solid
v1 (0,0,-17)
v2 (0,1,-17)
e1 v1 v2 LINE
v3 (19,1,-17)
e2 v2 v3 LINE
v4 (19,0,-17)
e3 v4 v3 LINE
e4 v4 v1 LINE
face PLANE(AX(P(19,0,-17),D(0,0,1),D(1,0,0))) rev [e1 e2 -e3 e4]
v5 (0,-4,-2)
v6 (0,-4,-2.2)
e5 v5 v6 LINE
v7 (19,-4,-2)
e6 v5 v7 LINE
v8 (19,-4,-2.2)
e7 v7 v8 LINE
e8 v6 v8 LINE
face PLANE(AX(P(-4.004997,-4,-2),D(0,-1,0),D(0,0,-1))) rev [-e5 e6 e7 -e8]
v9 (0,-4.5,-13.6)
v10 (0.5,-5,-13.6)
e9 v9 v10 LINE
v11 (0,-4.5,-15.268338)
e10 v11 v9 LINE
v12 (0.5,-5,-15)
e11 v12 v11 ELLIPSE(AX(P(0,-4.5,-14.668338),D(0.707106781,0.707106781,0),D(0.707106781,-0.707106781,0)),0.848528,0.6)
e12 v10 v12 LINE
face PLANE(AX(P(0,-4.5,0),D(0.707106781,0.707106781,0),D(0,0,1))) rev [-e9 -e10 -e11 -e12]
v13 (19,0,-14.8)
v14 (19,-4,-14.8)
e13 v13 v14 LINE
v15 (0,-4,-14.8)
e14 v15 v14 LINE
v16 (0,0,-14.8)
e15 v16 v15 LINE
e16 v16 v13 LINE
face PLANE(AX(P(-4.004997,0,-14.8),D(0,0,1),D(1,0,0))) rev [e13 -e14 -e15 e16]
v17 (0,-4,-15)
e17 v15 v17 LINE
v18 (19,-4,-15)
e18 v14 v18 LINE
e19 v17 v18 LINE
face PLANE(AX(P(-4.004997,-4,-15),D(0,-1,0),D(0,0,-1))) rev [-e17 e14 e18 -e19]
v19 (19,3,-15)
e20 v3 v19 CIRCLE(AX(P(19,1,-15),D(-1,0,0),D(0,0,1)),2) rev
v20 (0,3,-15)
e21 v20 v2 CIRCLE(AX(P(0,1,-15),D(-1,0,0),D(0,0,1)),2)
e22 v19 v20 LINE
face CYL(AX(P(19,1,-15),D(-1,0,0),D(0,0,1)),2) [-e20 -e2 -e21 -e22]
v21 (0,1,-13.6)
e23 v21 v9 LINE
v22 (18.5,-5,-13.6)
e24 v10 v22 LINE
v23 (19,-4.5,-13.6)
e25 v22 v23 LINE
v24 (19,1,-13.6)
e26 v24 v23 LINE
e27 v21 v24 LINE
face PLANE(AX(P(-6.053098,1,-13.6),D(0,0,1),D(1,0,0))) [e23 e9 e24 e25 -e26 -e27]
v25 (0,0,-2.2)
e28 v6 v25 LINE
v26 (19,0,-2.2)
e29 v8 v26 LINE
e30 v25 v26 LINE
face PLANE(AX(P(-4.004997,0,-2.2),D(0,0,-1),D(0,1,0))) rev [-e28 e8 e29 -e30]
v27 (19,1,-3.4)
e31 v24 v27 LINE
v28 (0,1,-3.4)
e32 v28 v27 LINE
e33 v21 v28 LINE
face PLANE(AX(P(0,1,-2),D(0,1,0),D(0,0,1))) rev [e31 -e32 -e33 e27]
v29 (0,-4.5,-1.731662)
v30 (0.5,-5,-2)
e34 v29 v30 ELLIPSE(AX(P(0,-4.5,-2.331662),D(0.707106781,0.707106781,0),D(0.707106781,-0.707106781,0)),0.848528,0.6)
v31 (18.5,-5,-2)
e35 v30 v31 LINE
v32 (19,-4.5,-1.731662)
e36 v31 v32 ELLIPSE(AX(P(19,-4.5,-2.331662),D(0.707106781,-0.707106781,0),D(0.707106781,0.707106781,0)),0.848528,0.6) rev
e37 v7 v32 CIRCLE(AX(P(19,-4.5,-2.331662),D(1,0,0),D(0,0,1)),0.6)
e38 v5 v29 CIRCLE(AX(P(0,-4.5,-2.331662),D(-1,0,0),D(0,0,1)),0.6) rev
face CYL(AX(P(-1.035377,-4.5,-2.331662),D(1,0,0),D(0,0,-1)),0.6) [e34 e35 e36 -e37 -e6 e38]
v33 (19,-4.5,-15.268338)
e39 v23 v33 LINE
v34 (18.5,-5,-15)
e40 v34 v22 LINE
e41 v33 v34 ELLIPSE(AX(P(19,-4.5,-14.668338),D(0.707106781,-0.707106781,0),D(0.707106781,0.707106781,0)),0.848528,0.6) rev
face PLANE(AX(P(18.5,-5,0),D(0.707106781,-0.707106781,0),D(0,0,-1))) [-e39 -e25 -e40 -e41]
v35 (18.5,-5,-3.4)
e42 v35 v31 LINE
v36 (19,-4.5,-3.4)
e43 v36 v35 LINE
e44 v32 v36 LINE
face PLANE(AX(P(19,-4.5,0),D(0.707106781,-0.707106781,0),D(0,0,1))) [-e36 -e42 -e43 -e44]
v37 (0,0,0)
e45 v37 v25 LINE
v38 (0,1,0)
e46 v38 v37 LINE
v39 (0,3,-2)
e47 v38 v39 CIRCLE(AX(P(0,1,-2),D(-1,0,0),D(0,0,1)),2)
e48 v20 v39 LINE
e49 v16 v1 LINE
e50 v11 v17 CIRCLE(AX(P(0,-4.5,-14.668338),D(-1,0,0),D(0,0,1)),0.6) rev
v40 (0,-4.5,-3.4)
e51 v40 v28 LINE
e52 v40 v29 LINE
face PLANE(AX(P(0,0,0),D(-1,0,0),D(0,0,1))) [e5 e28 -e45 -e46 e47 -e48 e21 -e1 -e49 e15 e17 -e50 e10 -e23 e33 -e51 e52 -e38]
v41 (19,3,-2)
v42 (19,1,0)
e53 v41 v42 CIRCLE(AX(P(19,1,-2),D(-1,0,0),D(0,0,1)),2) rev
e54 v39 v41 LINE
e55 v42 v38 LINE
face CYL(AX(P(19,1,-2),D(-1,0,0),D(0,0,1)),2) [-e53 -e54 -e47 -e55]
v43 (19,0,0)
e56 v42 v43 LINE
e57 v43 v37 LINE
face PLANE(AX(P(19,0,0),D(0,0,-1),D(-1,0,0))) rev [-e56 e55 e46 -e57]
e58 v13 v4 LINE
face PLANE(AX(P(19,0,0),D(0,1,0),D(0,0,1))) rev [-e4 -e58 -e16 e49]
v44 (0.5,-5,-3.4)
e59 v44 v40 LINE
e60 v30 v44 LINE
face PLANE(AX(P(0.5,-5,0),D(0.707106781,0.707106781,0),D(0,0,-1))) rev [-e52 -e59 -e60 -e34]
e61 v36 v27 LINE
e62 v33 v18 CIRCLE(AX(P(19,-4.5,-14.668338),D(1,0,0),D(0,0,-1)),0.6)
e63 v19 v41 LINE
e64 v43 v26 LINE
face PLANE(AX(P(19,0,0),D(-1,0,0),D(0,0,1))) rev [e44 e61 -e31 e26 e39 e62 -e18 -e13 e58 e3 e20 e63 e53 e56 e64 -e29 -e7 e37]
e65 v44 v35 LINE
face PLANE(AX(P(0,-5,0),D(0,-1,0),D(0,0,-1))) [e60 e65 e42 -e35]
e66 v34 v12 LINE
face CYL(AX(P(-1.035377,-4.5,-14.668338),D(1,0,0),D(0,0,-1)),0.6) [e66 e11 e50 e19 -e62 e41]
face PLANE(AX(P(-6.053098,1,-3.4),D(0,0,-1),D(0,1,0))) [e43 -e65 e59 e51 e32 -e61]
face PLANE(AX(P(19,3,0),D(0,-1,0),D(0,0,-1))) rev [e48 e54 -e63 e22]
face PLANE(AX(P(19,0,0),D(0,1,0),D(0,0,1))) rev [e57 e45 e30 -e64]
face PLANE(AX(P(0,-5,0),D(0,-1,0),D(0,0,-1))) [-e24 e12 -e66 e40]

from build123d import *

# Parameters (mm, degrees)
SKETCH1_W           = 17
SKETCH1_H           = 3
BOSS_EXTRUDE1_DEPTH = 19
FILLET1_R           = 2
SKETCH2_W           = 13
SKETCH2_H           = 1
CUT_EXTRUDE1_DEPTH  = 26.670995306
SKETCH3_W           = 19
SKETCH3_H           = 0.6
BOSS_EXTRUDE2_DEPTH = 6
BOSS_EXTRUDE3_DEPTH = 19
SKETCH5_W           = 0.8
SKETCH5_H           = 6
BOSS_EXTRUDE4_DEPTH = 19
SKETCH6_W           = 0.2
SKETCH6_H           = 4
CUT_EXTRUDE11_DEPTH = 19
CHAMFER1_SIZE       = 0.5


with BuildPart() as part:
    # Sketch1 → Boss-Extrude1 (new body)
    with BuildSketch(Plane(origin=(0, 0, 0), x_dir=(0, 0, -1), z_dir=(1, 0, 0))):
        with Locations((8.5, 1.5)):
            Rectangle(SKETCH1_W, SKETCH1_H)
    extrude(amount=BOSS_EXTRUDE1_DEPTH)

    # Fillet1
    fillet1_edges = [part.edges().sort_by_distance(p)[0] for p in [
        (9.5, 3, 0),
        (9.5, 3, -17),
    ]]
    fillet(fillet1_edges, radius=FILLET1_R)

    # Sketch2 → Cut-Extrude1 (cut, through all)
    with BuildSketch(Plane(origin=(19, 0, 0), x_dir=(0, 0, -1), z_dir=(1, 0, 0))):
        with Locations((8.5, 0.5)):
            Rectangle(SKETCH2_W, SKETCH2_H)
    extrude(amount=-CUT_EXTRUDE1_DEPTH, mode=Mode.SUBTRACT)

    # Sketch3 → Boss-Extrude2 (add)
    with BuildSketch(Plane(origin=(0, 1, 0), x_dir=(-1, 0, 0), z_dir=(0, -1, 0))):
        with Locations((-9.5, 2.3)):
            Rectangle(SKETCH3_W, SKETCH3_H)
        with Locations((-9.5, 14.7)):
            Rectangle(SKETCH3_W, SKETCH3_H)
    extrude(amount=BOSS_EXTRUDE2_DEPTH)

    # Sketch4 → Boss-Extrude3 (add)
    with BuildSketch(Plane(origin=(19, 0, 0), x_dir=(0, 0, -1), z_dir=(1, 0, 0))):
        with BuildLine():
            Line((2, -5), (2, -4))
            ThreePointArc((2, -4), (1.731662479, -4.5), (2, -5))
        make_face()
        with BuildLine():
            Line((15, -5), (15, -4))
            ThreePointArc((15, -4), (15.268337521, -4.5), (15, -5))
        make_face()
    extrude(amount=-BOSS_EXTRUDE3_DEPTH)

    # Sketch5 → Boss-Extrude4 (add)
    with BuildSketch(Plane(origin=(19, 0, 0), x_dir=(0, 0, -1), z_dir=(1, 0, 0))):
        with Locations((3, -2)):
            Rectangle(SKETCH5_W, SKETCH5_H)
        with Locations((14, -2)):
            Rectangle(SKETCH5_W, SKETCH5_H)
    extrude(amount=-BOSS_EXTRUDE4_DEPTH)

    # Sketch6 → Cut-Extrude11 (cut)
    with BuildSketch(Plane(origin=(19, 0, 0), x_dir=(0, 0, -1), z_dir=(1, 0, 0))):
        with Locations((2.1, -2)):
            Rectangle(SKETCH6_W, SKETCH6_H)
        with Locations((14.9, -2)):
            Rectangle(SKETCH6_W, SKETCH6_H)
    extrude(amount=-CUT_EXTRUDE11_DEPTH, mode=Mode.SUBTRACT)

    # Chamfer1
    chamfer1_edges = [part.edges().sort_by_distance(p)[0] for p in [
        (19, -5, -2.7),
        (0, -5, -2.7),
        (0, -5, -14.3),
        (19, -5, -14.3),
    ]]
    chamfer(chamfer1_edges, length=CHAMFER1_SIZE)


solid = part.part
